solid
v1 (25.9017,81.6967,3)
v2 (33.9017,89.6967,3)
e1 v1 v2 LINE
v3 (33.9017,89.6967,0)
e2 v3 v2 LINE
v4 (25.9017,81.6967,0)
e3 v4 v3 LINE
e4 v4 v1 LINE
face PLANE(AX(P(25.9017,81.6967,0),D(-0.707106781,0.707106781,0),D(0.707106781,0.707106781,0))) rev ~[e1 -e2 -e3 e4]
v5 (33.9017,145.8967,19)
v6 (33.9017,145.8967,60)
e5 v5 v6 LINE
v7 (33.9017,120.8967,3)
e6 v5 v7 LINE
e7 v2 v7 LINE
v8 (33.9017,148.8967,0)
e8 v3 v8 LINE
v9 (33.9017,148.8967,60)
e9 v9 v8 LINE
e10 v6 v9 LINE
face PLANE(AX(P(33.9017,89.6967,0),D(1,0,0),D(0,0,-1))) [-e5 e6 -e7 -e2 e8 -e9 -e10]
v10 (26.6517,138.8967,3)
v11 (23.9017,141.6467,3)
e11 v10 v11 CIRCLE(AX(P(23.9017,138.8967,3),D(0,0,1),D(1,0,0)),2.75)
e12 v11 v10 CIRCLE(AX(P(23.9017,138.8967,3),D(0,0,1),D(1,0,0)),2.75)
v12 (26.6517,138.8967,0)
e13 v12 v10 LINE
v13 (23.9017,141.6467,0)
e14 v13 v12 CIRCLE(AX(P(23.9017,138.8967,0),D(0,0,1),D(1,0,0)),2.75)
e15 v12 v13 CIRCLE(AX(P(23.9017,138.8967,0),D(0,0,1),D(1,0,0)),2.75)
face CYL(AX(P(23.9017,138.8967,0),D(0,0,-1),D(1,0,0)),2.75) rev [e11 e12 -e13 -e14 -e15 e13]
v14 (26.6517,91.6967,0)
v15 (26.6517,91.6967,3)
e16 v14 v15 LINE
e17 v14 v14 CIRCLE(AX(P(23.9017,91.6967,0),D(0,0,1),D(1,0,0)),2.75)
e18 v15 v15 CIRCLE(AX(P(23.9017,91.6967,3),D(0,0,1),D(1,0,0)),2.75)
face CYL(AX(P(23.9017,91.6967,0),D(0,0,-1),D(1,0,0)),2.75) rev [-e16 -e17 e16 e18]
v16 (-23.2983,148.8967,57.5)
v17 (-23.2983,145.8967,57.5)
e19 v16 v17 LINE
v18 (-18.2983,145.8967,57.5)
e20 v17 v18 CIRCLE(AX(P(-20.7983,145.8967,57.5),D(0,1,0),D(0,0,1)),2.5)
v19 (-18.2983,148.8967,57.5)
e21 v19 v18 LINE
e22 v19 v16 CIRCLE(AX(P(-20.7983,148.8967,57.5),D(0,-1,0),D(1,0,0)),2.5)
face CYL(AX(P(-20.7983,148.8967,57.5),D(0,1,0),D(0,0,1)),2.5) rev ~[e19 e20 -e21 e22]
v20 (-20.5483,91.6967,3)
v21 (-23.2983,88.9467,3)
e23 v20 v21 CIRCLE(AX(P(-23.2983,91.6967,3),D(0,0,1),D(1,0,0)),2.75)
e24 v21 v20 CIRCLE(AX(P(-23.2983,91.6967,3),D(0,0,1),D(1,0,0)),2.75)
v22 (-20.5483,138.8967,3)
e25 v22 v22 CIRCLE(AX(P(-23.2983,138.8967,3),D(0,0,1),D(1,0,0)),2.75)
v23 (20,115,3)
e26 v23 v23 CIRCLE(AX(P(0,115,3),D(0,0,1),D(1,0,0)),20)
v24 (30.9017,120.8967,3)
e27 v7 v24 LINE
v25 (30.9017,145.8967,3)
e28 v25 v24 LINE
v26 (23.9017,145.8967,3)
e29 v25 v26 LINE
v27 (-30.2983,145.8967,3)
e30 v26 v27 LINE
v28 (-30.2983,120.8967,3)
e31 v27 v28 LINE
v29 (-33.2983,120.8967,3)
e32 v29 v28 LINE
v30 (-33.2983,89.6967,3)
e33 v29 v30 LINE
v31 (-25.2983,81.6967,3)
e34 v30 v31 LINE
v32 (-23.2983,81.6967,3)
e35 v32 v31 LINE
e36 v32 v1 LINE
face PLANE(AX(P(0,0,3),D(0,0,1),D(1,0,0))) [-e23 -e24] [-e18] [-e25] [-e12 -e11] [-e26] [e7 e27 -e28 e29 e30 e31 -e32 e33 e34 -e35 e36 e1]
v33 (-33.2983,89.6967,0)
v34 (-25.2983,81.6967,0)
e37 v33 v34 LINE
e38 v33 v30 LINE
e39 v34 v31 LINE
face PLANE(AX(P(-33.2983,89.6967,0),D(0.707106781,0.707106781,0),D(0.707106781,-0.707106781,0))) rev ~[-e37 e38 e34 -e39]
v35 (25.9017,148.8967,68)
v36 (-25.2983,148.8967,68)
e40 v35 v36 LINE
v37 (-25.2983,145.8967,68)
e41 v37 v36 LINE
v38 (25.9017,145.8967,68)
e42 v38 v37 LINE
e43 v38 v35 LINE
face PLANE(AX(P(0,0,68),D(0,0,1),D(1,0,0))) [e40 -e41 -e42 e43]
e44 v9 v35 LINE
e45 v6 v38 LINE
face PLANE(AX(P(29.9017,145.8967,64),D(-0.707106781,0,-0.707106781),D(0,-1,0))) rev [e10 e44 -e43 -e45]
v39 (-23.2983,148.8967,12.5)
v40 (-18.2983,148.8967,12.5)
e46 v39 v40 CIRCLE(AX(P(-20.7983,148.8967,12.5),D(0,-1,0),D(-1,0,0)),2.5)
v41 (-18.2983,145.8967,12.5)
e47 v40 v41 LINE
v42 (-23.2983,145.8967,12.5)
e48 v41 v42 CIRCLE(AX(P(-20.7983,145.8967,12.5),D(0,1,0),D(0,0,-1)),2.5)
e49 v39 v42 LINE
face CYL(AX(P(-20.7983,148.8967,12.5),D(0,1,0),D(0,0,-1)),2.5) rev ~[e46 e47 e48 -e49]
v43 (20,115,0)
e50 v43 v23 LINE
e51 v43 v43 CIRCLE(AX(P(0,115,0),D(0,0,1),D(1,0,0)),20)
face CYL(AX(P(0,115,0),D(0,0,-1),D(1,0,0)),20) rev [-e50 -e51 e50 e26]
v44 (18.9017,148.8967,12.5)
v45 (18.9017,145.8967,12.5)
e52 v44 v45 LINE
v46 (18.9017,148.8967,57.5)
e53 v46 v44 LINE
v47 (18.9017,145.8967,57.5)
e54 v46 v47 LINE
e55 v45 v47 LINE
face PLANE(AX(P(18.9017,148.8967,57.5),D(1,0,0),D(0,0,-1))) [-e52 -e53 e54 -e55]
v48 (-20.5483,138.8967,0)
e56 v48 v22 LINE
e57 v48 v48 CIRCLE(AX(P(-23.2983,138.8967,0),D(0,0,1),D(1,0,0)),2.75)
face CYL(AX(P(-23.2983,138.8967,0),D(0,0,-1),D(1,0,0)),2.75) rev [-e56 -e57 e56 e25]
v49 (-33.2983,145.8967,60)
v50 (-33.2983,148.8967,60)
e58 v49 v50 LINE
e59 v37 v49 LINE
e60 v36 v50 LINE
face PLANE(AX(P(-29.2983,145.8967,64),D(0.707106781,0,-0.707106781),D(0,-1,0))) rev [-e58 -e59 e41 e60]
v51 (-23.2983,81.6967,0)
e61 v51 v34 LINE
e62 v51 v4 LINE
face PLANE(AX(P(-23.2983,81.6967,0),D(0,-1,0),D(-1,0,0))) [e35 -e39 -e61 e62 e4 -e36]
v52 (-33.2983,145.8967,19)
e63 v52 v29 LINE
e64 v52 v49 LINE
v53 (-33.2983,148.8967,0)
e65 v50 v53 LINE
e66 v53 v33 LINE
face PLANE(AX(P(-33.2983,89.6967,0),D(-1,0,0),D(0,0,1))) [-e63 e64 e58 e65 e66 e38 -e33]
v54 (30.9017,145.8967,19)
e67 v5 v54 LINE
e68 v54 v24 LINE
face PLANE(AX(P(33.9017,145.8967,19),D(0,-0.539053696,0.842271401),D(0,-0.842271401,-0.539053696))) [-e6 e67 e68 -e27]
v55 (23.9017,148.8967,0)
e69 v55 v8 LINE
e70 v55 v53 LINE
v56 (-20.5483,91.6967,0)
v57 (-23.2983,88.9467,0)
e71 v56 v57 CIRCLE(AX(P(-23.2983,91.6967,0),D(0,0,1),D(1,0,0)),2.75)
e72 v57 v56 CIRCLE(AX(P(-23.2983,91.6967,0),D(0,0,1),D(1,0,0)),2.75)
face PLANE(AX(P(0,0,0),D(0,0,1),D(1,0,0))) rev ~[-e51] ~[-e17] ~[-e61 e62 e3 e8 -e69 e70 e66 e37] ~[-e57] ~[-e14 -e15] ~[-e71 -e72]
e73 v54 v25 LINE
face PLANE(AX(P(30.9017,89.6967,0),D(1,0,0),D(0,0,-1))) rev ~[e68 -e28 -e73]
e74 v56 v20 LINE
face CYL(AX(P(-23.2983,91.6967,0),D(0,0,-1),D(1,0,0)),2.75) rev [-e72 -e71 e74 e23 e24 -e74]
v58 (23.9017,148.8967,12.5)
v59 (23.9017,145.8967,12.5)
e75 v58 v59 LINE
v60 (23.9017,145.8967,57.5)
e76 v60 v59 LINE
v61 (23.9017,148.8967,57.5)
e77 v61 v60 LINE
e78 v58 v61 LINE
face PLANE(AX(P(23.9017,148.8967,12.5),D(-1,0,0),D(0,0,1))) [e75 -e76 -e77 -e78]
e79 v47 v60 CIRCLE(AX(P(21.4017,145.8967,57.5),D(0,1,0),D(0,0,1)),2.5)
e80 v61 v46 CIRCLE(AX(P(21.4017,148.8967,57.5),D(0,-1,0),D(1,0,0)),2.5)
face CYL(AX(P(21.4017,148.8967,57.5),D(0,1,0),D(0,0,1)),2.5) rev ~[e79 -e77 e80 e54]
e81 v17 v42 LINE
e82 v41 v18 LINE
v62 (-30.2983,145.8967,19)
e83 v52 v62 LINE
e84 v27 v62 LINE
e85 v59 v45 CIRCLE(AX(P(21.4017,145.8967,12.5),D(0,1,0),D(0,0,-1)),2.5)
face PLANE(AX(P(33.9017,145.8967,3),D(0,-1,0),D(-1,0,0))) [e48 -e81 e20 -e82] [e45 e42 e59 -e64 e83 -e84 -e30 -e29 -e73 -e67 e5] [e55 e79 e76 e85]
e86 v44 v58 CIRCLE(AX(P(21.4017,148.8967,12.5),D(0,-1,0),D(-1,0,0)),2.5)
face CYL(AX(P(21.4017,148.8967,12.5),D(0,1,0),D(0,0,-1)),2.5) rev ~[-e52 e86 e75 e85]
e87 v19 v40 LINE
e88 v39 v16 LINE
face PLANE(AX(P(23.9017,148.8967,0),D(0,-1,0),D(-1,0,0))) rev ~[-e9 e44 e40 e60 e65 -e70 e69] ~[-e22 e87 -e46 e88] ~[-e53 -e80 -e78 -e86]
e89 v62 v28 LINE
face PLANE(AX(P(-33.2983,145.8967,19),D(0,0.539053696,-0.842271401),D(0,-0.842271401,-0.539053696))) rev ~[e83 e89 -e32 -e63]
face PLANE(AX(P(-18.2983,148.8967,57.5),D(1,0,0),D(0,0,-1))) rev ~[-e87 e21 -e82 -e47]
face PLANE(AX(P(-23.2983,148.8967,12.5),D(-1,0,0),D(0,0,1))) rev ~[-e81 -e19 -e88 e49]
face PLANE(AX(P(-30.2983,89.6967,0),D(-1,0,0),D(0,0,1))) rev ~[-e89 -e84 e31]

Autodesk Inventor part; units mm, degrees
ref_plane "YZ Plane" through (0, 0, 0) normal (1, 0, 0) x (0, 1, 0)
ref_plane "XZ Plane" through (0, 0, 0) normal (0, 1, 0) x (-1, 0, 0)
ref_plane "XY Plane" through (0, 0, 0) normal (0, 0, 1) x (1, 0, 0)
sketch "Sketch1" plane through (0, 0, 0) normal (0, 0, 1) x (1, 0, 0)
  circle A0 centre (-23.2983, 91.6967) radius 2.75
  circle A1 centre (0, 115) radius 20
  circle A2 centre (23.9017, 91.6967) radius 2.75
  circle A3 centre (23.9017, 138.8967) radius 2.75
  circle A4 centre (-23.2983, 138.8967) radius 2.75
  line L0 (-23.2983, 91.6967) -> (-23.2983, 81.6967)
  line L1 (-23.2983, 81.6967) -> (-33.2983, 81.6967)
  line L2 (23.9017, 138.8967) -> (23.9017, 148.8967)
  line L3 (23.9017, 148.8967) -> (33.9017, 148.8967)
  line L4 (-25.2983, 81.6967) -> (25.9017, 81.6967)
  line L5 (33.9017, 89.6967) -> (33.9017, 148.8967)
  line L6 (33.9017, 148.8967) -> (-33.2983, 148.8967)
  line L7 (-33.2983, 148.8967) -> (-33.2983, 89.6967)
  line L8 (-33.2983, 89.6967) -> (-25.2983, 81.6967)
  line L9 (25.9017, 81.6967) -> (33.9017, 89.6967)
  point P0 (0, 0)
  point P1 (33.9017, 81.6967)
  dimension "d0" = 10
  dimension "d1" = 10
  dimension "d2" = 10
  dimension "d3" = 10
  dimension "d4" = 8
  dimension "d5" = 8
  dimension "d6" = 8
  dimension "d7" = 8
extrude "Extrusion1" add sketch "Sketch1" along normal blind 3
sketch "Sketch2" plane through (0, 0, 3) normal (0, 0, 1) x (1, 0, 0)
  line L0 (33.9017, 148.8967) -> (-33.2983, 148.8967) projected
  line L1 (33.9017, 89.6967) -> (33.9017, 148.8967) projected
  line L2 (-33.2983, 148.8967) -> (33.9017, 148.8967)
  line L3 (33.9017, 148.8967) -> (33.9017, 145.8967)
  line L4 (33.9017, 145.8967) -> (-33.2983, 145.8967)
  line L5 (-33.2983, 145.8967) -> (-33.2983, 148.8967)
  point P0 (0, 0)
  dimension "d10" = 3
extrude "Extrusion2" add sketch "Sketch2" along normal blind 65
chamfer "Chamfer1" distance 8 angle 45 1 edges at (33.9017, 147.3967, 68)
chamfer "Chamfer2" distance 8 angle 45 1 edges at (-33.2983, 147.3967, 68)
sketch "Sketch3" plane through (-33.2983, 89.6967, 0) normal (-1, 0, 0) x (0, 0, 1)
  line L0 (3, 56.2) -> (60, 56.2) projected
  line L1 (3, 56.2) -> (3, 31.2)
  line L2 (3, 56.2) -> (3, 0) projected
  line L3 (3, 56.2) -> (19, 56.2)
  line L4 (19, 56.2) -> (3, 31.2)
  point P0 (0, -89.6967)
  dimension "d19" = 25
  dimension "d20" = 16
extrude "Extrusion3" add sketch "Sketch3" against normal blind 3
sketch "Sketch4" plane through (33.9017, 89.6967, 0) normal (1, 0, 0) x (0, 0, -1)
  line L0 (-19, 56.2) -> (-3, 56.2) projected
  line L1 (-19, 56.2) -> (-3, 31.2) projected
  line L2 (-3, 56.2) -> (-3, 31.2) projected
  point P0 (0, -89.6967)
extrude "Extrusion4" add sketch "Sketch4" against normal blind 3
sketch "Sketch5" plane through (-33.2983, 148.8967, 0) normal (0, 1, 0) x (1, 0, 0)
  line L0 (67.2, 0) -> (67.2, -60) projected
  line L1 (67.2, -60) -> (57.2, -60)
  line L2 (54.7, -60) -> (54.7, -60)
  line L3 (52.2, -57.5) -> (52.2, -12.5)
  line L4 (54.7, -10) -> (54.7, -10)
  line L5 (57.2, -12.5) -> (57.2, -57.5)
  line L6 (0, -19) -> (0, -60) projected
  line L7 (0, -60) -> (10, -60)
  line L8 (12.5, -60) -> (12.5, -60)
  line L9 (15, -57.5) -> (15, -12.5)
  line L10 (12.5, -10) -> (12.5, -10)
  line L11 (10, -12.5) -> (10, -57.5)
  arc A0 (12.5, -10) -> (10, -12.5) centre (12.5, -12.5) ccw
  arc A1 (15, -12.5) -> (12.5, -10) centre (12.5, -12.5) ccw
  arc A2 (12.5, -60) -> (15, -57.5) centre (12.5, -57.5) ccw
  arc A3 (10, -57.5) -> (12.5, -60) centre (12.5, -57.5) ccw
  arc A4 (52.2, -57.5) -> (54.7, -60) centre (54.7, -57.5) ccw
  arc A5 (54.7, -60) -> (57.2, -57.5) centre (54.7, -57.5) ccw
  arc A6 (57.2, -12.5) -> (54.7, -10) centre (54.7, -12.5) ccw
  arc A7 (54.7, -10) -> (52.2, -12.5) centre (54.7, -12.5) ccw
  point P0 (33.2983, 0)
  point P1 (52.2, -10)
  point P2 (52.2, -60)
  point P3 (57.2, -10)
  point P4 (15, -10)
  point P5 (10, -10)
  dimension "d25" = 10
  dimension "d26" = 5
  dimension "d27" = 50
  dimension "d28" = 10
  dimension "d29" = 5
  dimension "d30" = 2.5
extrude "Extrusion5" cut sketch "Sketch5" against normal through all
sketch "Sketch7" plane through (0, 0, 3) normal (0, 0, 1) x (1, 0, 0)
  line L0 (30.9017, 120.8967) -> (30.9017, 145.8967) projected
  line L1 (30.9017, 145.8967) -> (-30.2983, 145.8967) projected
  line L2 (-30.2983, 145.8967) -> (-30.2983, 120.8967) projected
  line L3 (-30.2983, 120.8967) -> (-33.2983, 120.8967) projected
  line L4 (-33.2983, 120.8967) -> (-33.2983, 89.6967) projected
  line L5 (-33.2983, 89.6967) -> (-25.2983, 81.6967) projected
  line L6 (-25.2983, 81.6967) -> (25.9017, 81.6967) projected
  line L7 (25.9017, 81.6967) -> (33.9017, 89.6967) projected
  line L8 (33.9017, 89.6967) -> (33.9017, 120.8967) projected
  line L9 (33.9017, 120.8967) -> (30.9017, 120.8967) projected
  circle A0 centre (0, 115) radius 20 projected
  circle A1 centre (-23.2983, 138.8967) radius 2.75 projected
  circle A2 centre (23.9017, 91.6967) radius 2.75 projected
  circle A3 centre (23.9017, 138.8967) radius 2.75 projected
  circle A4 centre (-23.2983, 91.6967) radius 2.75 projected
  point P0 (0, 0)
equation "\"d5\" = d4"
equation "\"d6\" = d4"
equation "\"d7\" = d6"
properties part number "afirma_motor"
